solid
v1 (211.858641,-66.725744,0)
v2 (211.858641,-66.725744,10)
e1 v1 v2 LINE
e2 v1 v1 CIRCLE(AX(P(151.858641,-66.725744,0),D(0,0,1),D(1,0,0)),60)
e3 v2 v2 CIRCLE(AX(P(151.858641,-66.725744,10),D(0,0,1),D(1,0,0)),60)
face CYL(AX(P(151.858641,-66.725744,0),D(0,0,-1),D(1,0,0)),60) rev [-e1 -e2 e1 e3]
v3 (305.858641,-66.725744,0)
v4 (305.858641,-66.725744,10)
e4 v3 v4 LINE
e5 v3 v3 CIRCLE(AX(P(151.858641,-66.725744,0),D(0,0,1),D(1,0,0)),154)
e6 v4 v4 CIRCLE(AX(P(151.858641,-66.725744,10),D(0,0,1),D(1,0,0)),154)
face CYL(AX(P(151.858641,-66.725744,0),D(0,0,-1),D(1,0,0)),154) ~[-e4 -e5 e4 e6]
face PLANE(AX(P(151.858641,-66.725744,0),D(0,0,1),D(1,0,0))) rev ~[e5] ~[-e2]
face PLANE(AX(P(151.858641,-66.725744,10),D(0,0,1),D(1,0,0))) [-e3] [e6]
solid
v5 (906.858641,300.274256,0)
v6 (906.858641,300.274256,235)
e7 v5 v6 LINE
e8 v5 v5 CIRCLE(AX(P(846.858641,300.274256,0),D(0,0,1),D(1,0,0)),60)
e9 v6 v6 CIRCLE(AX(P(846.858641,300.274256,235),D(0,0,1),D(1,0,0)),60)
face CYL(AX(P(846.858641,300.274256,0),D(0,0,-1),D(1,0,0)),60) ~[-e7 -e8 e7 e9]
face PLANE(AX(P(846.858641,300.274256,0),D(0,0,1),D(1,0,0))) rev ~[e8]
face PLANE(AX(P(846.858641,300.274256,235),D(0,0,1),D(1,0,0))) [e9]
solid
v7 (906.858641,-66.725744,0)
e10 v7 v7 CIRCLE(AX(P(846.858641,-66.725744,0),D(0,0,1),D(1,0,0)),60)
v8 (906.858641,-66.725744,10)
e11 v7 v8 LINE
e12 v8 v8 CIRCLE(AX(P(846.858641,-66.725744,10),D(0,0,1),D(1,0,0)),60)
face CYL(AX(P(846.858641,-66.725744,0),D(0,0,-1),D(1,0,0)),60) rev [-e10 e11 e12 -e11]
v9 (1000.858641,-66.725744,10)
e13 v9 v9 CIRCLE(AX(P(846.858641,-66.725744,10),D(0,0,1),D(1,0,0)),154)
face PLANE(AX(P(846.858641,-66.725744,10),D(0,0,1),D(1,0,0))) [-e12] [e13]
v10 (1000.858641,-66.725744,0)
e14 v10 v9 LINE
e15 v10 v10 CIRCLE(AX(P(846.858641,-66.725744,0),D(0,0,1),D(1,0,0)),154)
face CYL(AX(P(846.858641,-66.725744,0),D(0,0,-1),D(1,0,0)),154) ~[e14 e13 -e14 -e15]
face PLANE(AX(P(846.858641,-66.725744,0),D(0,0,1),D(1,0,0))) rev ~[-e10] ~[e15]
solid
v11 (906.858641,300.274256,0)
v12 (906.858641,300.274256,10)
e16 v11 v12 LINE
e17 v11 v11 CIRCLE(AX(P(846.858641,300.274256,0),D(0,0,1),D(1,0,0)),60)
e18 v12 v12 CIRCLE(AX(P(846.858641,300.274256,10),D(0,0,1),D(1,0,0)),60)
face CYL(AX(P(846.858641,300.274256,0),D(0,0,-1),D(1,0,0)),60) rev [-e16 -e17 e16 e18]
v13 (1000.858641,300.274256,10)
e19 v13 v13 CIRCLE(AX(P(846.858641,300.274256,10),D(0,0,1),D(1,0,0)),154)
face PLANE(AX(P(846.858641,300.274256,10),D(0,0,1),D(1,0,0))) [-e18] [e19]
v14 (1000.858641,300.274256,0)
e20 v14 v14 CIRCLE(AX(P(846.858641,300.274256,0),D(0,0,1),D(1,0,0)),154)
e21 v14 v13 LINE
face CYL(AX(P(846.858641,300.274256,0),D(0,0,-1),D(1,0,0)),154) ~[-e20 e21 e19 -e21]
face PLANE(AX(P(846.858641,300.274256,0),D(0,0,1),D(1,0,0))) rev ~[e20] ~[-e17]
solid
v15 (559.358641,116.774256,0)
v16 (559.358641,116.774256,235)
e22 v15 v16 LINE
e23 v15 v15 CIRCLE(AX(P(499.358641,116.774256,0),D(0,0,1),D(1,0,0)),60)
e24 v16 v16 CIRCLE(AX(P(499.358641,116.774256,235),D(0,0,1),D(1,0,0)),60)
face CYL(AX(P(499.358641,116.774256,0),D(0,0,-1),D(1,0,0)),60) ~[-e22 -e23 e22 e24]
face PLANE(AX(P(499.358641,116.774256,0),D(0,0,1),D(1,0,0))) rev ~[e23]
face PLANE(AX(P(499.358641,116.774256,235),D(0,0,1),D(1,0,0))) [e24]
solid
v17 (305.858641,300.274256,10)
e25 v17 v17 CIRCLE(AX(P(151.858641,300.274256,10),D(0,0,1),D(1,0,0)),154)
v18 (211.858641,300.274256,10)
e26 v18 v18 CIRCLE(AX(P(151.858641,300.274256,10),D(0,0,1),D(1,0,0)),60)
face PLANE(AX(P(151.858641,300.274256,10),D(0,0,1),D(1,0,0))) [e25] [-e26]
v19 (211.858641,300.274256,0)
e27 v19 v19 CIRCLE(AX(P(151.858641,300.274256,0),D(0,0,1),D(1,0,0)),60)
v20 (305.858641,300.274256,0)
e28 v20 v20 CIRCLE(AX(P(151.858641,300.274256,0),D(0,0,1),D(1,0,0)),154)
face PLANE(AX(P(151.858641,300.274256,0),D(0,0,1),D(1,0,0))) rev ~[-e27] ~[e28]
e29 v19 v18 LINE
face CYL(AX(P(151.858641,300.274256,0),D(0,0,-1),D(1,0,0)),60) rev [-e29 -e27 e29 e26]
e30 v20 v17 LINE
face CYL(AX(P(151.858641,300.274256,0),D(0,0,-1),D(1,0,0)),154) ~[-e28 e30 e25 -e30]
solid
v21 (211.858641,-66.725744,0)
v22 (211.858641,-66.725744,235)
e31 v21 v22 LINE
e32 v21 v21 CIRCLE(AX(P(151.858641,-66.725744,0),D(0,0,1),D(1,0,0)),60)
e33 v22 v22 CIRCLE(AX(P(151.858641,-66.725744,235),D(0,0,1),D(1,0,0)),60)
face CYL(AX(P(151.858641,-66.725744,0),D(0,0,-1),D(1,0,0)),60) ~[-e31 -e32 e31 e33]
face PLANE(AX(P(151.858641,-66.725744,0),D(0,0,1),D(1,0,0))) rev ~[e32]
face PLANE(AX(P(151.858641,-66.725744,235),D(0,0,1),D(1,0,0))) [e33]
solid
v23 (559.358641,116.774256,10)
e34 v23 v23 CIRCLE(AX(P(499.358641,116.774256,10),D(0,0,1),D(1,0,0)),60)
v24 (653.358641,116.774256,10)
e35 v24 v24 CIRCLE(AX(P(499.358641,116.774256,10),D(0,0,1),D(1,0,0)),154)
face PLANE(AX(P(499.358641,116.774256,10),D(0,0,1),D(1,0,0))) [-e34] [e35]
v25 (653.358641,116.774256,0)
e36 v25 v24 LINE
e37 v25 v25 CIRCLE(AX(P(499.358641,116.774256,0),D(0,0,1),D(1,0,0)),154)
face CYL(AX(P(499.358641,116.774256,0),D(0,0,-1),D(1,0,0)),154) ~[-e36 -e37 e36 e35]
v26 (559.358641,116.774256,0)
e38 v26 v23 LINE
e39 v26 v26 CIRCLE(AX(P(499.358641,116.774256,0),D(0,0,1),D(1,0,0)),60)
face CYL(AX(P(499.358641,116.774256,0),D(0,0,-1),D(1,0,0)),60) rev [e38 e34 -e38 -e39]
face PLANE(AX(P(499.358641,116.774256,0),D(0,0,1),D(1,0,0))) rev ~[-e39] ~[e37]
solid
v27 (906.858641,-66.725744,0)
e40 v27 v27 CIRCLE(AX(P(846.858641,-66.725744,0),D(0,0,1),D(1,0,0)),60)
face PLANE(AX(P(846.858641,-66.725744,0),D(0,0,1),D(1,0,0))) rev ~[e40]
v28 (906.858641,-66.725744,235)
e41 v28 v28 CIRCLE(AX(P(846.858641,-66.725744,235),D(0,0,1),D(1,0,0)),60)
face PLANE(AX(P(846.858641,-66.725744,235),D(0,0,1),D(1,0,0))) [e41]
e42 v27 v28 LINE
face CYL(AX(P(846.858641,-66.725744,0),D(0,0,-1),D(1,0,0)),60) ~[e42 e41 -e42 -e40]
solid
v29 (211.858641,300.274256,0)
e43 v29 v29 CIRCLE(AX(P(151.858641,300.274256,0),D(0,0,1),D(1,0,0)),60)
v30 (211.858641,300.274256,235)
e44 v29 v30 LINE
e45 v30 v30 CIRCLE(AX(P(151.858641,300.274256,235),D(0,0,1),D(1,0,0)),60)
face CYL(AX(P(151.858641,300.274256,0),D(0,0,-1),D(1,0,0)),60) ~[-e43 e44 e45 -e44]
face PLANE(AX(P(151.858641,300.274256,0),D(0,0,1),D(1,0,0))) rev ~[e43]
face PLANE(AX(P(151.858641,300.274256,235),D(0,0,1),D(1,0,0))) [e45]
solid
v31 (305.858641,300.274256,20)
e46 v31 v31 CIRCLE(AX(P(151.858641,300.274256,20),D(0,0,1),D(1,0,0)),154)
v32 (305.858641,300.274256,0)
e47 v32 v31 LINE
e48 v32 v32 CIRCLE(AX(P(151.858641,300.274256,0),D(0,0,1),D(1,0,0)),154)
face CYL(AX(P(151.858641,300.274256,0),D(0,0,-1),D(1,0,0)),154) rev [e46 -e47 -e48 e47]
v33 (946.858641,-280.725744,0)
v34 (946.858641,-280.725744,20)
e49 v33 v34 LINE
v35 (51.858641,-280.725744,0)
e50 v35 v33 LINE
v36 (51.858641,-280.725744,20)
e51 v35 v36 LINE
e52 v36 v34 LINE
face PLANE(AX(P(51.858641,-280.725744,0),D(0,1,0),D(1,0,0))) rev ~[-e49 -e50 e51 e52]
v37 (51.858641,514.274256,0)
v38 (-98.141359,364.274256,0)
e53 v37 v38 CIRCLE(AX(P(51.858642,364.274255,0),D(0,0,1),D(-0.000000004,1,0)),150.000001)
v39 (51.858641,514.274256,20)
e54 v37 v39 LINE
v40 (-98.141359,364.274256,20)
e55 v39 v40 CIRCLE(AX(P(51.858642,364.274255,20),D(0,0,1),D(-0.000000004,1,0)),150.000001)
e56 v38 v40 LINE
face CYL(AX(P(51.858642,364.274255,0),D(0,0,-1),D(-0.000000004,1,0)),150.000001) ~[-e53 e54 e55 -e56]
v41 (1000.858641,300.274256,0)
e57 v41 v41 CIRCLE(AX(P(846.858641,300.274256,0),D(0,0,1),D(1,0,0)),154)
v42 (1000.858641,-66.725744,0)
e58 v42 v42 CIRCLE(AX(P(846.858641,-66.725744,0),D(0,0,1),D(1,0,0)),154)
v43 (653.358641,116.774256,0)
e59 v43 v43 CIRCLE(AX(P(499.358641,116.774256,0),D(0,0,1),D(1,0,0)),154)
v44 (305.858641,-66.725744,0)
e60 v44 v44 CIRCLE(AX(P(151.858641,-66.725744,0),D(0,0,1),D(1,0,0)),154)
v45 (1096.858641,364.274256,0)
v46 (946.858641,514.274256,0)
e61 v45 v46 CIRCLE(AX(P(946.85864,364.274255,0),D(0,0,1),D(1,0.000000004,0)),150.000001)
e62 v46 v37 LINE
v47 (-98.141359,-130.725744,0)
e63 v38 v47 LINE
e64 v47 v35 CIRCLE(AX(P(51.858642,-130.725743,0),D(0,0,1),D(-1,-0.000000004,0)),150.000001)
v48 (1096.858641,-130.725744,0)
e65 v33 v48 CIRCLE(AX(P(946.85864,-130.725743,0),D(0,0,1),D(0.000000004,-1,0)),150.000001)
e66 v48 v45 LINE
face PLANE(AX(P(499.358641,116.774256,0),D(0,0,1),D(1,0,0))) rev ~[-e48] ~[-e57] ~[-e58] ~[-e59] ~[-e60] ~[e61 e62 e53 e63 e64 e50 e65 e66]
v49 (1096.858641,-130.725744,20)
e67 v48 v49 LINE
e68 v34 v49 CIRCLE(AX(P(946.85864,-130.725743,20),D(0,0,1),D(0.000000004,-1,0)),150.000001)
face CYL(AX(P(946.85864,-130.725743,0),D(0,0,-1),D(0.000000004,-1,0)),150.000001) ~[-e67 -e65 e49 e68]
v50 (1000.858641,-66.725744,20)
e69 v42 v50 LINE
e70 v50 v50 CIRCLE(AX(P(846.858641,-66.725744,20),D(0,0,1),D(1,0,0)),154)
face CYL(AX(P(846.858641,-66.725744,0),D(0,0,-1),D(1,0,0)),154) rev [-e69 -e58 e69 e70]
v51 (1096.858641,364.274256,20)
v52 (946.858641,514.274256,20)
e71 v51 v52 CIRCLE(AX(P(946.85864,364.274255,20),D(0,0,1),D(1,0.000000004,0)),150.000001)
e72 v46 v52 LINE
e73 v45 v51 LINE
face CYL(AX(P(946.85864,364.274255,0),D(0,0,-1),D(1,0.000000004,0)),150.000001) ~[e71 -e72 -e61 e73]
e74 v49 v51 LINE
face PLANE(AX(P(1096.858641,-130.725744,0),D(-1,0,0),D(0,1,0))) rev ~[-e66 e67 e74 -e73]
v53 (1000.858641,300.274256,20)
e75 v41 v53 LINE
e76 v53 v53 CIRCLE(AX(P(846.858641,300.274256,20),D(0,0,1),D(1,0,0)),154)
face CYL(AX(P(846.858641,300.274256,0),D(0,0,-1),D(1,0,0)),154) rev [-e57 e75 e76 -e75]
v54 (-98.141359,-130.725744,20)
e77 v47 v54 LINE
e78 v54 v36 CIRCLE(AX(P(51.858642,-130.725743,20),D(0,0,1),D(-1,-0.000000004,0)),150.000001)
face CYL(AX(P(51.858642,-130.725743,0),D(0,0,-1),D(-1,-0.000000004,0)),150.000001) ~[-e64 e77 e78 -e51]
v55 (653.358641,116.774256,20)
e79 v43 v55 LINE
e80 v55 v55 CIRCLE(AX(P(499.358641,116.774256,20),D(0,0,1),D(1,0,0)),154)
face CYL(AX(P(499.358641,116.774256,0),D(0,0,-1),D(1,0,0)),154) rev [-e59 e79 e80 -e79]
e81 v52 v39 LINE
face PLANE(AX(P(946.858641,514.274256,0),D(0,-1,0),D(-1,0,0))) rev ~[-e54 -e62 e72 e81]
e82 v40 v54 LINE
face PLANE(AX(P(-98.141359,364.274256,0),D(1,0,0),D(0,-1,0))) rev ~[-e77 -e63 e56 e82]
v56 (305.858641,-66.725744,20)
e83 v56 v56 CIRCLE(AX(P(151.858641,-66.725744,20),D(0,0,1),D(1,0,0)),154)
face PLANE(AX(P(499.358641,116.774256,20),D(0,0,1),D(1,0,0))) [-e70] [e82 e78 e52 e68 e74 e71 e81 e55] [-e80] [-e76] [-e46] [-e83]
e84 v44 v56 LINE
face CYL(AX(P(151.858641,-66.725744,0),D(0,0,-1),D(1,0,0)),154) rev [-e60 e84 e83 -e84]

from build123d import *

# Parameters (mm, degrees)
F0_R     = 154
F1_DEPTH = 20
F0_R_2   = 60
F2_DEPTH = 235
F3_DEPTH = 10


with BuildPart() as f1:
    # F0 (on Top) → F1 (new body)
    with BuildSketch(Plane.XY):
        with BuildLine():
            Line((946.858641, 514.274256), (51.858641, 514.274256))
            ThreePointArc((51.858641, 514.274256), (-54.207376, 470.340273), (-98.141359, 364.274256))
            Line((-98.141359, 364.274256), (-98.141359, -130.725744))
            ThreePointArc((-98.141359, -130.725744), (-54.207376, -236.791761), (51.858641, -280.725744))
            Line((51.858641, -280.725744), (946.858641, -280.725744))
            ThreePointArc((946.858641, -280.725744), (1052.924658, -236.791761), (1096.858641, -130.725744))
            Line((1096.858641, -130.725744), (1096.858641, 364.274256))
            ThreePointArc((1096.858641, 364.274256), (1052.924658, 470.340273), (946.858641, 514.274256))
        make_face()
        with Locations((151.858641, -66.725744)):
            Circle(F0_R, mode=Mode.SUBTRACT)
        with Locations((846.858641, -66.725744)):
            Circle(F0_R, mode=Mode.SUBTRACT)
        with Locations((151.858641, 300.274256)):
            Circle(F0_R, mode=Mode.SUBTRACT)
        with Locations((499.358641, 116.774256)):
            Circle(F0_R, mode=Mode.SUBTRACT)
        with Locations((846.858641, 300.274256)):
            Circle(F0_R, mode=Mode.SUBTRACT)
    extrude(amount=F1_DEPTH)


with BuildPart() as f2:
    # F0 (on Top) → F2 (new body)
    with BuildSketch(Plane.XY):
        with Locations((846.858641, -66.725744)):
            Circle(F0_R_2)
        with Locations((846.858641, 300.274256)):
            Circle(F0_R_2)
        with Locations((499.358641, 116.774256)):
            Circle(F0_R_2)
        with Locations((151.858641, -66.725744)):
            Circle(F0_R_2)
        with Locations((151.858641, 300.274256)):
            Circle(F0_R_2)
    extrude(amount=F2_DEPTH)


with BuildPart() as f3:
    # F0 (on Top) → F3 (new body)
    with BuildSketch(Plane.XY):
        with Locations((151.858641, 300.274256)):
            Circle(F0_R)
        with Locations((151.858641, 300.274256)):
            Circle(F0_R_2, mode=Mode.SUBTRACT)
        with Locations((151.858641, -66.725744)):
            Circle(F0_R)
        with Locations((151.858641, -66.725744)):
            Circle(F0_R_2, mode=Mode.SUBTRACT)
        with Locations((499.358641, 116.774256)):
            Circle(F0_R)
        with Locations((499.358641, 116.774256)):
            Circle(F0_R_2, mode=Mode.SUBTRACT)
        with Locations((846.858641, 300.274256)):
            Circle(F0_R)
        with Locations((846.858641, 300.274256)):
            Circle(F0_R_2, mode=Mode.SUBTRACT)
        with Locations((846.858641, -66.725744)):
            Circle(F0_R)
        with Locations((846.858641, -66.725744)):
            Circle(F0_R_2, mode=Mode.SUBTRACT)
    extrude(amount=F3_DEPTH)


solid = Compound([f1.part, f2.part, f3.part])
